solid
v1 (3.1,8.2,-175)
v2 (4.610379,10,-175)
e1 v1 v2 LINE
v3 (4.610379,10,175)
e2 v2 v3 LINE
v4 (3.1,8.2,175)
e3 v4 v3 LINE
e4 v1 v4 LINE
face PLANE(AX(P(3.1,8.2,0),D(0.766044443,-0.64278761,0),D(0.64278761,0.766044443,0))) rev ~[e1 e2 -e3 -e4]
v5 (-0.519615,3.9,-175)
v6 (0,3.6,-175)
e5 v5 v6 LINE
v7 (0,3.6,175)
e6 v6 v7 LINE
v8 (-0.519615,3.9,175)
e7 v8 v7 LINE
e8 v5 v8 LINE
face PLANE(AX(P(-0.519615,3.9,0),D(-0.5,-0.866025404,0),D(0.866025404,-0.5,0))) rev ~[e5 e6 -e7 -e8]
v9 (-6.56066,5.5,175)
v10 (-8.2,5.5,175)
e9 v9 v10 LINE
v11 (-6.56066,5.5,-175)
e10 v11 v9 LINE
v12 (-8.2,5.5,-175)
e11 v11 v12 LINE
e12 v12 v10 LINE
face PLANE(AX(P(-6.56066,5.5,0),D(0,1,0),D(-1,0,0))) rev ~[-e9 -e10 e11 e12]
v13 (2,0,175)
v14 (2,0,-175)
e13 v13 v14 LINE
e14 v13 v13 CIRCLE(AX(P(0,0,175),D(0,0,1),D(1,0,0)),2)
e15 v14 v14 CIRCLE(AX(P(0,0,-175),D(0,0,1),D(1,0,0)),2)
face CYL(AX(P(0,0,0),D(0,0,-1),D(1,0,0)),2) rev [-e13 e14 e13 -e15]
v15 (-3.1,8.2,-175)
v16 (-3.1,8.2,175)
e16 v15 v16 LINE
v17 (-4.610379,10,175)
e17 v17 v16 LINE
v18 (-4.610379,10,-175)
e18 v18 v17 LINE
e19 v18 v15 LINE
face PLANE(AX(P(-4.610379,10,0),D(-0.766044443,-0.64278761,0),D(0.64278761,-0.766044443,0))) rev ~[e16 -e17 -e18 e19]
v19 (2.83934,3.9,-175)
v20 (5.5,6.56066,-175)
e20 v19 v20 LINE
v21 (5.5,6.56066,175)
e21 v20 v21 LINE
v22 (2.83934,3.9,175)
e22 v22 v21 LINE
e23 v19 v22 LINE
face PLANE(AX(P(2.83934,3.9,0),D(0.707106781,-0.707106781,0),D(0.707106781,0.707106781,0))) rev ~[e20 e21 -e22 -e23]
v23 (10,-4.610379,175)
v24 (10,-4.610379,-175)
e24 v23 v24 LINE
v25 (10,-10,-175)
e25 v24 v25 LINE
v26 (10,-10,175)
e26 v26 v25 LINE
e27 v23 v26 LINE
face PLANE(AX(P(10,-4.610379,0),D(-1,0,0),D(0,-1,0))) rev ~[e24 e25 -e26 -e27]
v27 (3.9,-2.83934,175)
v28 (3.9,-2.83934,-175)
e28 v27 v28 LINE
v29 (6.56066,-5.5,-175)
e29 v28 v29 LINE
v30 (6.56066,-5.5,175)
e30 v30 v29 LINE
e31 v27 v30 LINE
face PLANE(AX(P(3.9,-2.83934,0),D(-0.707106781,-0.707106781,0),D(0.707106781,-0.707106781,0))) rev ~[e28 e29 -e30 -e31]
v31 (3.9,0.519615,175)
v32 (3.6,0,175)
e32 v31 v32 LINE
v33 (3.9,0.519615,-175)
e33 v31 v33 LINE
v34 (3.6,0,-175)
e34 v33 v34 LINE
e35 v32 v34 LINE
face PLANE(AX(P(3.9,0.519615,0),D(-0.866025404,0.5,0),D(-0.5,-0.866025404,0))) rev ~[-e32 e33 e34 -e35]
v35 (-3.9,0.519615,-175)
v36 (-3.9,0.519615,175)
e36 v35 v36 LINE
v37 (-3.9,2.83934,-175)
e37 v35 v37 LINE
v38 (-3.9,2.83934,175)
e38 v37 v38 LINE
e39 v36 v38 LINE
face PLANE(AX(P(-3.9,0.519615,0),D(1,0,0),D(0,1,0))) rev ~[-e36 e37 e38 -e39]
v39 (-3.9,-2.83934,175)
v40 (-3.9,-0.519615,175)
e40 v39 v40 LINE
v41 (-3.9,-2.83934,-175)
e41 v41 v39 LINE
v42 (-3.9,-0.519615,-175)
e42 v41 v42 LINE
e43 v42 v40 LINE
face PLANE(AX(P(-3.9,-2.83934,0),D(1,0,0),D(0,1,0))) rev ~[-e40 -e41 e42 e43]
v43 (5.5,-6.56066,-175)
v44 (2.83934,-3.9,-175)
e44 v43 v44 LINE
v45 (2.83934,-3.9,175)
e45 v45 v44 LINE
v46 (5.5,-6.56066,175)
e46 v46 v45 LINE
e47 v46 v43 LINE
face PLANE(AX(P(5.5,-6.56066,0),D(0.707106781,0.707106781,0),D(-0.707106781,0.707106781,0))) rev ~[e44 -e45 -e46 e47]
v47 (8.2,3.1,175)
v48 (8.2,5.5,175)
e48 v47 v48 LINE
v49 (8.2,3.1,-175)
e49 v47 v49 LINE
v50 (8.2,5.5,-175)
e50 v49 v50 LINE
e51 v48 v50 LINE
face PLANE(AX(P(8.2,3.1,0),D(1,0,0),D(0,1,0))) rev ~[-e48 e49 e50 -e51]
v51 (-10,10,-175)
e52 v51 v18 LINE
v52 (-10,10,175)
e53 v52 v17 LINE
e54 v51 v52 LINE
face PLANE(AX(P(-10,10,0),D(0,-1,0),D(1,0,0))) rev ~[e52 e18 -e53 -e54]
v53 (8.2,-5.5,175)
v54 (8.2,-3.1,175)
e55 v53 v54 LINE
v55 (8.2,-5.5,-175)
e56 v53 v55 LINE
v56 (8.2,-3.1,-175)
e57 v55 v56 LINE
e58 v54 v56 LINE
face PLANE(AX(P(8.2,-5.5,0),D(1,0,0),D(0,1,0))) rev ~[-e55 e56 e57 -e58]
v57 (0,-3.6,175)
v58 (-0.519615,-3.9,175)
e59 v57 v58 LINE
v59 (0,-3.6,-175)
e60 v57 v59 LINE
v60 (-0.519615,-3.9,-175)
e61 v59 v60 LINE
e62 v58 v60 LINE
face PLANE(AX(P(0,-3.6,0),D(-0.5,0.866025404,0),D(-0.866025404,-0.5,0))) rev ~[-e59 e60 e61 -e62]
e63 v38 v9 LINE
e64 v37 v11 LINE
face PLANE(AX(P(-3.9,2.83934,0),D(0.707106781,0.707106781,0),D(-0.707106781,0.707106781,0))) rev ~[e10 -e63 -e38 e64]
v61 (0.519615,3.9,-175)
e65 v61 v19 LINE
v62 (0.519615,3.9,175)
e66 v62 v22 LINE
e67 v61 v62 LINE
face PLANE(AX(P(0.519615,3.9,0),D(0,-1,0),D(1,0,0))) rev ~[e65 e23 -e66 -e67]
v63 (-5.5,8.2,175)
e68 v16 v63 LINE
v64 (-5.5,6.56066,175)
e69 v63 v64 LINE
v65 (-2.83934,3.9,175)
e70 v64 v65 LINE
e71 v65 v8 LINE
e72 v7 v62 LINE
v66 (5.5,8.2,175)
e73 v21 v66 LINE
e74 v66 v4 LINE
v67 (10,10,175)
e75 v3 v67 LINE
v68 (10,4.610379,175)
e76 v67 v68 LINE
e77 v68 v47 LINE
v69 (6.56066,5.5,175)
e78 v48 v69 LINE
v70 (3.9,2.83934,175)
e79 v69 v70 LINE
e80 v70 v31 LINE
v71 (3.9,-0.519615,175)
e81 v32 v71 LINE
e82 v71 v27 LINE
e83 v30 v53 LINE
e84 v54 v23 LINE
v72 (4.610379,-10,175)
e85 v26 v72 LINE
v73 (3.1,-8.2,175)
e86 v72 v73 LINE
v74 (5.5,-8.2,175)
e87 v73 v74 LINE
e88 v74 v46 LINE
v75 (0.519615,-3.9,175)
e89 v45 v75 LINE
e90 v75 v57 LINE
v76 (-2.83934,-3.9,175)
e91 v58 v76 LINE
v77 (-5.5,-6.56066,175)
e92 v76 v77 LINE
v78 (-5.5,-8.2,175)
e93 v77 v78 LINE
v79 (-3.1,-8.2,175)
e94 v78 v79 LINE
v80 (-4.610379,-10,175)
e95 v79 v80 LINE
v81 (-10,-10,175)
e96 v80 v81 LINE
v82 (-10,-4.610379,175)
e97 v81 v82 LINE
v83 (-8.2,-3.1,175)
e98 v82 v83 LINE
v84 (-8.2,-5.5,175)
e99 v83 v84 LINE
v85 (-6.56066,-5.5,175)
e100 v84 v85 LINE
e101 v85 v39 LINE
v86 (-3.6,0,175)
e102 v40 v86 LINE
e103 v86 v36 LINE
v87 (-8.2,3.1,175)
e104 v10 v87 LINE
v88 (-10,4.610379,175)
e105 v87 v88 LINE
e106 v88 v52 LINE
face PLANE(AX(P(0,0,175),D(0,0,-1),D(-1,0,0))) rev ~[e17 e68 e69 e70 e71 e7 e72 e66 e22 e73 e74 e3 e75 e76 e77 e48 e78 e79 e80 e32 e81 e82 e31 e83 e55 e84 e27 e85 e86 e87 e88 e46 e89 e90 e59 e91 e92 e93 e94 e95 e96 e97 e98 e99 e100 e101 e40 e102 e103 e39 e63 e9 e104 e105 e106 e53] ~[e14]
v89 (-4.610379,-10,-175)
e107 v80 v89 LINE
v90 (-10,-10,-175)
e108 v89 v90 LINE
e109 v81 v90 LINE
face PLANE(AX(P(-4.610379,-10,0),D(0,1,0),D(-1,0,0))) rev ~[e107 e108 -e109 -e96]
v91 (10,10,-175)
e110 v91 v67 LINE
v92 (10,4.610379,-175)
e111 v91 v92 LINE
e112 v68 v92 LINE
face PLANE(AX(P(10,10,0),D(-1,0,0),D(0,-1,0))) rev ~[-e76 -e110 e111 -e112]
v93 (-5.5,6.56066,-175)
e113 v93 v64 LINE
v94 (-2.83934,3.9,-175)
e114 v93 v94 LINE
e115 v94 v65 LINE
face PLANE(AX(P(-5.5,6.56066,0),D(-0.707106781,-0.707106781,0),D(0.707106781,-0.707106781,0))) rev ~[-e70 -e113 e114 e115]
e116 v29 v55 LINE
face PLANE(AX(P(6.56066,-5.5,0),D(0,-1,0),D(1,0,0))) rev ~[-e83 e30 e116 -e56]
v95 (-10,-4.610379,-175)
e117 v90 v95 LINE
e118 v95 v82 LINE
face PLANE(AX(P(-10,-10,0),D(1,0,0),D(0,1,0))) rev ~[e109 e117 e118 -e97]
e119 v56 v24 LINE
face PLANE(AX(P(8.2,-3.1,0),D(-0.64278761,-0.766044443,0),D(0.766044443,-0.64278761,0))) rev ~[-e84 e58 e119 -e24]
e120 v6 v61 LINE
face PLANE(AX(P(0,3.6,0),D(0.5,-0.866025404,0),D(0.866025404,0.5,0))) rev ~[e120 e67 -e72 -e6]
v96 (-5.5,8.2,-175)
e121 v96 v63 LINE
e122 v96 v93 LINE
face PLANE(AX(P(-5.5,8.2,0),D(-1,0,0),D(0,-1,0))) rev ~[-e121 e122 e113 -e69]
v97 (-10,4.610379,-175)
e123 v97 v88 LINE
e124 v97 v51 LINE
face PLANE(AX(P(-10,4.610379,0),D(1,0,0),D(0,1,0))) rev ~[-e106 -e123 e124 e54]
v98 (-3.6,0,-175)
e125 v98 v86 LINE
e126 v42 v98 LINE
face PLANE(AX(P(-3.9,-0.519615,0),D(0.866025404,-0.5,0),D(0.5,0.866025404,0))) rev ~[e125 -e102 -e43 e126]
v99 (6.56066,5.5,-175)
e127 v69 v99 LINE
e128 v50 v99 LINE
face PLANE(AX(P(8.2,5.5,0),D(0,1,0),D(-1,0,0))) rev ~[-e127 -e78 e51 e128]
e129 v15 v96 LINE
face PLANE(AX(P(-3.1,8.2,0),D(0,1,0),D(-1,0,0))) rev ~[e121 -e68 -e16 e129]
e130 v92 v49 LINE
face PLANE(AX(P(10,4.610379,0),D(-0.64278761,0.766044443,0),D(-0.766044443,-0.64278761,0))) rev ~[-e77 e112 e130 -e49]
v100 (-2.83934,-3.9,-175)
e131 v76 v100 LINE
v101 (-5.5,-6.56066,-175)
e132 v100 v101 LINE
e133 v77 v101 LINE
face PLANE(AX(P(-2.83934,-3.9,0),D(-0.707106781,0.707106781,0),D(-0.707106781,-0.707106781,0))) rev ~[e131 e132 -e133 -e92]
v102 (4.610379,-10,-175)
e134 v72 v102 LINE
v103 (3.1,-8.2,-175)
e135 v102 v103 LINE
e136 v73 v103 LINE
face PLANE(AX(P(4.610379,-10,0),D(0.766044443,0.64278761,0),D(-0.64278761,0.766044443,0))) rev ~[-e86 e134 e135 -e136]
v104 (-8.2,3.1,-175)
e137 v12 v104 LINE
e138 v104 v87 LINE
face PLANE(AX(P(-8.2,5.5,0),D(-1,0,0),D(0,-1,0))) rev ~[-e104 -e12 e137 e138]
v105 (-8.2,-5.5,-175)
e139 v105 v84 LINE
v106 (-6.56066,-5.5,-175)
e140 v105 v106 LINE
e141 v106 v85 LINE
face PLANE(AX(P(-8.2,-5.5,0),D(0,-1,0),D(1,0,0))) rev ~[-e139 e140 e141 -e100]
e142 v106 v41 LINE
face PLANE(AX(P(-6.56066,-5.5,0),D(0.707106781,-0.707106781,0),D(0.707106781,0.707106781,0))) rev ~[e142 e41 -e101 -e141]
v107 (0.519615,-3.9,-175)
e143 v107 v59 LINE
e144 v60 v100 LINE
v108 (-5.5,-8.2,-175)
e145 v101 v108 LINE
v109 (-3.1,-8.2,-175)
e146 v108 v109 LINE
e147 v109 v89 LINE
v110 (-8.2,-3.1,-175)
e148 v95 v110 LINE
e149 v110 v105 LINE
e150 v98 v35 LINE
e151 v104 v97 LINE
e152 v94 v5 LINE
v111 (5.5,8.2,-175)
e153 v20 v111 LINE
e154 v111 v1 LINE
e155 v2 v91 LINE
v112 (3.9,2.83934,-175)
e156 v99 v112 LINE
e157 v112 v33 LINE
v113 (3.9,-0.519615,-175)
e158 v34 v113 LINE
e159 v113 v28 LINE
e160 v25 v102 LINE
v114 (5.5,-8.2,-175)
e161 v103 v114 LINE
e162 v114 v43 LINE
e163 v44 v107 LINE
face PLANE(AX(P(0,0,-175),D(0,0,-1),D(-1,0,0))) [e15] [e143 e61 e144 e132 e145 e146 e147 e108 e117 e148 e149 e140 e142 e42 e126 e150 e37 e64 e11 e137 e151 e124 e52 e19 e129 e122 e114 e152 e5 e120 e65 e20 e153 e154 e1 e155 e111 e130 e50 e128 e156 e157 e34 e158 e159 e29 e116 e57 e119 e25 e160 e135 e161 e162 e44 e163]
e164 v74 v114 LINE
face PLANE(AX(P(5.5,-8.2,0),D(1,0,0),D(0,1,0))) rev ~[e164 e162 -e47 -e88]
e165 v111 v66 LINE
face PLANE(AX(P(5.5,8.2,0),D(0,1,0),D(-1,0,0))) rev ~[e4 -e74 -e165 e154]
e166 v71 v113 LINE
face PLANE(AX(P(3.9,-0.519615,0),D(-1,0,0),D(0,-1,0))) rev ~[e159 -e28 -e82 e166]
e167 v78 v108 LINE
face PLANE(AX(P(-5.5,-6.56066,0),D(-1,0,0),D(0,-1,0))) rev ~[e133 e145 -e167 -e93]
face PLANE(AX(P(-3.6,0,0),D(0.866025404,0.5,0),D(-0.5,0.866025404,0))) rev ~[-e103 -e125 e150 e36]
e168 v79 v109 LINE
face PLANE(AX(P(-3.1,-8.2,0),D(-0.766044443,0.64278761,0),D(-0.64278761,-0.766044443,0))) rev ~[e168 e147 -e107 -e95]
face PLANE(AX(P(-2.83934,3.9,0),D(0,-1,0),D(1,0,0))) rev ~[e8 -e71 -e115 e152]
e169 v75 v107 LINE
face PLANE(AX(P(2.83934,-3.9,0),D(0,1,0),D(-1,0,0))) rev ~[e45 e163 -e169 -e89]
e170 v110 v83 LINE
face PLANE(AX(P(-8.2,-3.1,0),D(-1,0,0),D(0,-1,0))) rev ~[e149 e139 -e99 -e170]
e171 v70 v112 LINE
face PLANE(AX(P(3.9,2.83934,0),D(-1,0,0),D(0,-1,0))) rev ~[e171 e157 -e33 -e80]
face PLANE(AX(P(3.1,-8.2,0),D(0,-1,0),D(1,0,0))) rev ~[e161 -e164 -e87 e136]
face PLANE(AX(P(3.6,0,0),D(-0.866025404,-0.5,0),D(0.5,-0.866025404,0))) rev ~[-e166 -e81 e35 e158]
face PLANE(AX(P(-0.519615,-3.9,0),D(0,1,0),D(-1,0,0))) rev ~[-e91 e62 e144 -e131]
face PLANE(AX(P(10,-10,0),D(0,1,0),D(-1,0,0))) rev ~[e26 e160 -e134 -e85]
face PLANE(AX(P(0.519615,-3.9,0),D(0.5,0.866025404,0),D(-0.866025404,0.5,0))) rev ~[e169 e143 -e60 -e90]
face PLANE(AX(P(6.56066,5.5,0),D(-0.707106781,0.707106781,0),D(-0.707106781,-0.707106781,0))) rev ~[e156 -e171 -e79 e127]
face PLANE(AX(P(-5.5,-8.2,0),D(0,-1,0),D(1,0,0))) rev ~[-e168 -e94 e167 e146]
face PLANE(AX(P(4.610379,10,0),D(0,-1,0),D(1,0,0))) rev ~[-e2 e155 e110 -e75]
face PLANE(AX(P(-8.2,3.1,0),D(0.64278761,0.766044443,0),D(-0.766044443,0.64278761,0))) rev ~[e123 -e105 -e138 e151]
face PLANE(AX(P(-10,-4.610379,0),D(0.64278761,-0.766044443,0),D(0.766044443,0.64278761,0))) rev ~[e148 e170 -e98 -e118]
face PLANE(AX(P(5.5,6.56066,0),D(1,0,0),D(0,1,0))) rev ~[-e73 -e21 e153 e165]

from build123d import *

# Parameters (mm, degrees)
SKETCH1_R           = 2
BOSS_EXTRUDE1_DEPTH = 175


with BuildPart() as part:
    # Sketch1 → Boss-Extrude1 (new, symmetric)
    with BuildSketch(Plane.XY):
        Polygon((10, 10), (10, 4.610379336), (8.2, 3.1), (8.2, 5.5), (6.560660172, 5.5), (3.9, 2.839339828), (3.9, 0.519615242), (3.6, 0), (3.9, -0.519615242), (3.9, -2.839339828), (6.560660172, -5.5), (8.2, -5.5), (8.2, -3.1), (10, -4.610379336), (10, -10), (4.610379336, -10), (3.1, -8.2), (5.5, -8.2), (5.5, -6.560660172), (2.839339828, -3.9), (0.519615242, -3.9), (0, -3.6), (-0.519615242, -3.9), (-2.839339828, -3.9), (-5.5, -6.560660172), (-5.5, -8.2), (-3.1, -8.2), (-4.610379336, -10), (-10, -10), (-10, -4.610379336), (-8.2, -3.1), (-8.2, -5.5), (-6.560660172, -5.5), (-3.9, -2.839339828), (-3.9, -0.519615242), (-3.6, 0), (-3.9, 0.519615242), (-3.9, 2.839339828), (-6.560660172, 5.5), (-8.2, 5.5), (-8.2, 3.1), (-10, 4.610379336), (-10, 10), (-4.610379336, 10), (-3.1, 8.2), (-5.5, 8.2), (-5.5, 6.560660172), (-2.839339828, 3.9), (-0.519615242, 3.9), (0, 3.6), (0.519615242, 3.9), (2.839339828, 3.9), (5.5, 6.560660172), (5.5, 8.2), (3.1, 8.2), (4.610379336, 10), align=None)
        Circle(SKETCH1_R, mode=Mode.SUBTRACT)
    extrude(amount=BOSS_EXTRUDE1_DEPTH, both=True)


solid = part.part
